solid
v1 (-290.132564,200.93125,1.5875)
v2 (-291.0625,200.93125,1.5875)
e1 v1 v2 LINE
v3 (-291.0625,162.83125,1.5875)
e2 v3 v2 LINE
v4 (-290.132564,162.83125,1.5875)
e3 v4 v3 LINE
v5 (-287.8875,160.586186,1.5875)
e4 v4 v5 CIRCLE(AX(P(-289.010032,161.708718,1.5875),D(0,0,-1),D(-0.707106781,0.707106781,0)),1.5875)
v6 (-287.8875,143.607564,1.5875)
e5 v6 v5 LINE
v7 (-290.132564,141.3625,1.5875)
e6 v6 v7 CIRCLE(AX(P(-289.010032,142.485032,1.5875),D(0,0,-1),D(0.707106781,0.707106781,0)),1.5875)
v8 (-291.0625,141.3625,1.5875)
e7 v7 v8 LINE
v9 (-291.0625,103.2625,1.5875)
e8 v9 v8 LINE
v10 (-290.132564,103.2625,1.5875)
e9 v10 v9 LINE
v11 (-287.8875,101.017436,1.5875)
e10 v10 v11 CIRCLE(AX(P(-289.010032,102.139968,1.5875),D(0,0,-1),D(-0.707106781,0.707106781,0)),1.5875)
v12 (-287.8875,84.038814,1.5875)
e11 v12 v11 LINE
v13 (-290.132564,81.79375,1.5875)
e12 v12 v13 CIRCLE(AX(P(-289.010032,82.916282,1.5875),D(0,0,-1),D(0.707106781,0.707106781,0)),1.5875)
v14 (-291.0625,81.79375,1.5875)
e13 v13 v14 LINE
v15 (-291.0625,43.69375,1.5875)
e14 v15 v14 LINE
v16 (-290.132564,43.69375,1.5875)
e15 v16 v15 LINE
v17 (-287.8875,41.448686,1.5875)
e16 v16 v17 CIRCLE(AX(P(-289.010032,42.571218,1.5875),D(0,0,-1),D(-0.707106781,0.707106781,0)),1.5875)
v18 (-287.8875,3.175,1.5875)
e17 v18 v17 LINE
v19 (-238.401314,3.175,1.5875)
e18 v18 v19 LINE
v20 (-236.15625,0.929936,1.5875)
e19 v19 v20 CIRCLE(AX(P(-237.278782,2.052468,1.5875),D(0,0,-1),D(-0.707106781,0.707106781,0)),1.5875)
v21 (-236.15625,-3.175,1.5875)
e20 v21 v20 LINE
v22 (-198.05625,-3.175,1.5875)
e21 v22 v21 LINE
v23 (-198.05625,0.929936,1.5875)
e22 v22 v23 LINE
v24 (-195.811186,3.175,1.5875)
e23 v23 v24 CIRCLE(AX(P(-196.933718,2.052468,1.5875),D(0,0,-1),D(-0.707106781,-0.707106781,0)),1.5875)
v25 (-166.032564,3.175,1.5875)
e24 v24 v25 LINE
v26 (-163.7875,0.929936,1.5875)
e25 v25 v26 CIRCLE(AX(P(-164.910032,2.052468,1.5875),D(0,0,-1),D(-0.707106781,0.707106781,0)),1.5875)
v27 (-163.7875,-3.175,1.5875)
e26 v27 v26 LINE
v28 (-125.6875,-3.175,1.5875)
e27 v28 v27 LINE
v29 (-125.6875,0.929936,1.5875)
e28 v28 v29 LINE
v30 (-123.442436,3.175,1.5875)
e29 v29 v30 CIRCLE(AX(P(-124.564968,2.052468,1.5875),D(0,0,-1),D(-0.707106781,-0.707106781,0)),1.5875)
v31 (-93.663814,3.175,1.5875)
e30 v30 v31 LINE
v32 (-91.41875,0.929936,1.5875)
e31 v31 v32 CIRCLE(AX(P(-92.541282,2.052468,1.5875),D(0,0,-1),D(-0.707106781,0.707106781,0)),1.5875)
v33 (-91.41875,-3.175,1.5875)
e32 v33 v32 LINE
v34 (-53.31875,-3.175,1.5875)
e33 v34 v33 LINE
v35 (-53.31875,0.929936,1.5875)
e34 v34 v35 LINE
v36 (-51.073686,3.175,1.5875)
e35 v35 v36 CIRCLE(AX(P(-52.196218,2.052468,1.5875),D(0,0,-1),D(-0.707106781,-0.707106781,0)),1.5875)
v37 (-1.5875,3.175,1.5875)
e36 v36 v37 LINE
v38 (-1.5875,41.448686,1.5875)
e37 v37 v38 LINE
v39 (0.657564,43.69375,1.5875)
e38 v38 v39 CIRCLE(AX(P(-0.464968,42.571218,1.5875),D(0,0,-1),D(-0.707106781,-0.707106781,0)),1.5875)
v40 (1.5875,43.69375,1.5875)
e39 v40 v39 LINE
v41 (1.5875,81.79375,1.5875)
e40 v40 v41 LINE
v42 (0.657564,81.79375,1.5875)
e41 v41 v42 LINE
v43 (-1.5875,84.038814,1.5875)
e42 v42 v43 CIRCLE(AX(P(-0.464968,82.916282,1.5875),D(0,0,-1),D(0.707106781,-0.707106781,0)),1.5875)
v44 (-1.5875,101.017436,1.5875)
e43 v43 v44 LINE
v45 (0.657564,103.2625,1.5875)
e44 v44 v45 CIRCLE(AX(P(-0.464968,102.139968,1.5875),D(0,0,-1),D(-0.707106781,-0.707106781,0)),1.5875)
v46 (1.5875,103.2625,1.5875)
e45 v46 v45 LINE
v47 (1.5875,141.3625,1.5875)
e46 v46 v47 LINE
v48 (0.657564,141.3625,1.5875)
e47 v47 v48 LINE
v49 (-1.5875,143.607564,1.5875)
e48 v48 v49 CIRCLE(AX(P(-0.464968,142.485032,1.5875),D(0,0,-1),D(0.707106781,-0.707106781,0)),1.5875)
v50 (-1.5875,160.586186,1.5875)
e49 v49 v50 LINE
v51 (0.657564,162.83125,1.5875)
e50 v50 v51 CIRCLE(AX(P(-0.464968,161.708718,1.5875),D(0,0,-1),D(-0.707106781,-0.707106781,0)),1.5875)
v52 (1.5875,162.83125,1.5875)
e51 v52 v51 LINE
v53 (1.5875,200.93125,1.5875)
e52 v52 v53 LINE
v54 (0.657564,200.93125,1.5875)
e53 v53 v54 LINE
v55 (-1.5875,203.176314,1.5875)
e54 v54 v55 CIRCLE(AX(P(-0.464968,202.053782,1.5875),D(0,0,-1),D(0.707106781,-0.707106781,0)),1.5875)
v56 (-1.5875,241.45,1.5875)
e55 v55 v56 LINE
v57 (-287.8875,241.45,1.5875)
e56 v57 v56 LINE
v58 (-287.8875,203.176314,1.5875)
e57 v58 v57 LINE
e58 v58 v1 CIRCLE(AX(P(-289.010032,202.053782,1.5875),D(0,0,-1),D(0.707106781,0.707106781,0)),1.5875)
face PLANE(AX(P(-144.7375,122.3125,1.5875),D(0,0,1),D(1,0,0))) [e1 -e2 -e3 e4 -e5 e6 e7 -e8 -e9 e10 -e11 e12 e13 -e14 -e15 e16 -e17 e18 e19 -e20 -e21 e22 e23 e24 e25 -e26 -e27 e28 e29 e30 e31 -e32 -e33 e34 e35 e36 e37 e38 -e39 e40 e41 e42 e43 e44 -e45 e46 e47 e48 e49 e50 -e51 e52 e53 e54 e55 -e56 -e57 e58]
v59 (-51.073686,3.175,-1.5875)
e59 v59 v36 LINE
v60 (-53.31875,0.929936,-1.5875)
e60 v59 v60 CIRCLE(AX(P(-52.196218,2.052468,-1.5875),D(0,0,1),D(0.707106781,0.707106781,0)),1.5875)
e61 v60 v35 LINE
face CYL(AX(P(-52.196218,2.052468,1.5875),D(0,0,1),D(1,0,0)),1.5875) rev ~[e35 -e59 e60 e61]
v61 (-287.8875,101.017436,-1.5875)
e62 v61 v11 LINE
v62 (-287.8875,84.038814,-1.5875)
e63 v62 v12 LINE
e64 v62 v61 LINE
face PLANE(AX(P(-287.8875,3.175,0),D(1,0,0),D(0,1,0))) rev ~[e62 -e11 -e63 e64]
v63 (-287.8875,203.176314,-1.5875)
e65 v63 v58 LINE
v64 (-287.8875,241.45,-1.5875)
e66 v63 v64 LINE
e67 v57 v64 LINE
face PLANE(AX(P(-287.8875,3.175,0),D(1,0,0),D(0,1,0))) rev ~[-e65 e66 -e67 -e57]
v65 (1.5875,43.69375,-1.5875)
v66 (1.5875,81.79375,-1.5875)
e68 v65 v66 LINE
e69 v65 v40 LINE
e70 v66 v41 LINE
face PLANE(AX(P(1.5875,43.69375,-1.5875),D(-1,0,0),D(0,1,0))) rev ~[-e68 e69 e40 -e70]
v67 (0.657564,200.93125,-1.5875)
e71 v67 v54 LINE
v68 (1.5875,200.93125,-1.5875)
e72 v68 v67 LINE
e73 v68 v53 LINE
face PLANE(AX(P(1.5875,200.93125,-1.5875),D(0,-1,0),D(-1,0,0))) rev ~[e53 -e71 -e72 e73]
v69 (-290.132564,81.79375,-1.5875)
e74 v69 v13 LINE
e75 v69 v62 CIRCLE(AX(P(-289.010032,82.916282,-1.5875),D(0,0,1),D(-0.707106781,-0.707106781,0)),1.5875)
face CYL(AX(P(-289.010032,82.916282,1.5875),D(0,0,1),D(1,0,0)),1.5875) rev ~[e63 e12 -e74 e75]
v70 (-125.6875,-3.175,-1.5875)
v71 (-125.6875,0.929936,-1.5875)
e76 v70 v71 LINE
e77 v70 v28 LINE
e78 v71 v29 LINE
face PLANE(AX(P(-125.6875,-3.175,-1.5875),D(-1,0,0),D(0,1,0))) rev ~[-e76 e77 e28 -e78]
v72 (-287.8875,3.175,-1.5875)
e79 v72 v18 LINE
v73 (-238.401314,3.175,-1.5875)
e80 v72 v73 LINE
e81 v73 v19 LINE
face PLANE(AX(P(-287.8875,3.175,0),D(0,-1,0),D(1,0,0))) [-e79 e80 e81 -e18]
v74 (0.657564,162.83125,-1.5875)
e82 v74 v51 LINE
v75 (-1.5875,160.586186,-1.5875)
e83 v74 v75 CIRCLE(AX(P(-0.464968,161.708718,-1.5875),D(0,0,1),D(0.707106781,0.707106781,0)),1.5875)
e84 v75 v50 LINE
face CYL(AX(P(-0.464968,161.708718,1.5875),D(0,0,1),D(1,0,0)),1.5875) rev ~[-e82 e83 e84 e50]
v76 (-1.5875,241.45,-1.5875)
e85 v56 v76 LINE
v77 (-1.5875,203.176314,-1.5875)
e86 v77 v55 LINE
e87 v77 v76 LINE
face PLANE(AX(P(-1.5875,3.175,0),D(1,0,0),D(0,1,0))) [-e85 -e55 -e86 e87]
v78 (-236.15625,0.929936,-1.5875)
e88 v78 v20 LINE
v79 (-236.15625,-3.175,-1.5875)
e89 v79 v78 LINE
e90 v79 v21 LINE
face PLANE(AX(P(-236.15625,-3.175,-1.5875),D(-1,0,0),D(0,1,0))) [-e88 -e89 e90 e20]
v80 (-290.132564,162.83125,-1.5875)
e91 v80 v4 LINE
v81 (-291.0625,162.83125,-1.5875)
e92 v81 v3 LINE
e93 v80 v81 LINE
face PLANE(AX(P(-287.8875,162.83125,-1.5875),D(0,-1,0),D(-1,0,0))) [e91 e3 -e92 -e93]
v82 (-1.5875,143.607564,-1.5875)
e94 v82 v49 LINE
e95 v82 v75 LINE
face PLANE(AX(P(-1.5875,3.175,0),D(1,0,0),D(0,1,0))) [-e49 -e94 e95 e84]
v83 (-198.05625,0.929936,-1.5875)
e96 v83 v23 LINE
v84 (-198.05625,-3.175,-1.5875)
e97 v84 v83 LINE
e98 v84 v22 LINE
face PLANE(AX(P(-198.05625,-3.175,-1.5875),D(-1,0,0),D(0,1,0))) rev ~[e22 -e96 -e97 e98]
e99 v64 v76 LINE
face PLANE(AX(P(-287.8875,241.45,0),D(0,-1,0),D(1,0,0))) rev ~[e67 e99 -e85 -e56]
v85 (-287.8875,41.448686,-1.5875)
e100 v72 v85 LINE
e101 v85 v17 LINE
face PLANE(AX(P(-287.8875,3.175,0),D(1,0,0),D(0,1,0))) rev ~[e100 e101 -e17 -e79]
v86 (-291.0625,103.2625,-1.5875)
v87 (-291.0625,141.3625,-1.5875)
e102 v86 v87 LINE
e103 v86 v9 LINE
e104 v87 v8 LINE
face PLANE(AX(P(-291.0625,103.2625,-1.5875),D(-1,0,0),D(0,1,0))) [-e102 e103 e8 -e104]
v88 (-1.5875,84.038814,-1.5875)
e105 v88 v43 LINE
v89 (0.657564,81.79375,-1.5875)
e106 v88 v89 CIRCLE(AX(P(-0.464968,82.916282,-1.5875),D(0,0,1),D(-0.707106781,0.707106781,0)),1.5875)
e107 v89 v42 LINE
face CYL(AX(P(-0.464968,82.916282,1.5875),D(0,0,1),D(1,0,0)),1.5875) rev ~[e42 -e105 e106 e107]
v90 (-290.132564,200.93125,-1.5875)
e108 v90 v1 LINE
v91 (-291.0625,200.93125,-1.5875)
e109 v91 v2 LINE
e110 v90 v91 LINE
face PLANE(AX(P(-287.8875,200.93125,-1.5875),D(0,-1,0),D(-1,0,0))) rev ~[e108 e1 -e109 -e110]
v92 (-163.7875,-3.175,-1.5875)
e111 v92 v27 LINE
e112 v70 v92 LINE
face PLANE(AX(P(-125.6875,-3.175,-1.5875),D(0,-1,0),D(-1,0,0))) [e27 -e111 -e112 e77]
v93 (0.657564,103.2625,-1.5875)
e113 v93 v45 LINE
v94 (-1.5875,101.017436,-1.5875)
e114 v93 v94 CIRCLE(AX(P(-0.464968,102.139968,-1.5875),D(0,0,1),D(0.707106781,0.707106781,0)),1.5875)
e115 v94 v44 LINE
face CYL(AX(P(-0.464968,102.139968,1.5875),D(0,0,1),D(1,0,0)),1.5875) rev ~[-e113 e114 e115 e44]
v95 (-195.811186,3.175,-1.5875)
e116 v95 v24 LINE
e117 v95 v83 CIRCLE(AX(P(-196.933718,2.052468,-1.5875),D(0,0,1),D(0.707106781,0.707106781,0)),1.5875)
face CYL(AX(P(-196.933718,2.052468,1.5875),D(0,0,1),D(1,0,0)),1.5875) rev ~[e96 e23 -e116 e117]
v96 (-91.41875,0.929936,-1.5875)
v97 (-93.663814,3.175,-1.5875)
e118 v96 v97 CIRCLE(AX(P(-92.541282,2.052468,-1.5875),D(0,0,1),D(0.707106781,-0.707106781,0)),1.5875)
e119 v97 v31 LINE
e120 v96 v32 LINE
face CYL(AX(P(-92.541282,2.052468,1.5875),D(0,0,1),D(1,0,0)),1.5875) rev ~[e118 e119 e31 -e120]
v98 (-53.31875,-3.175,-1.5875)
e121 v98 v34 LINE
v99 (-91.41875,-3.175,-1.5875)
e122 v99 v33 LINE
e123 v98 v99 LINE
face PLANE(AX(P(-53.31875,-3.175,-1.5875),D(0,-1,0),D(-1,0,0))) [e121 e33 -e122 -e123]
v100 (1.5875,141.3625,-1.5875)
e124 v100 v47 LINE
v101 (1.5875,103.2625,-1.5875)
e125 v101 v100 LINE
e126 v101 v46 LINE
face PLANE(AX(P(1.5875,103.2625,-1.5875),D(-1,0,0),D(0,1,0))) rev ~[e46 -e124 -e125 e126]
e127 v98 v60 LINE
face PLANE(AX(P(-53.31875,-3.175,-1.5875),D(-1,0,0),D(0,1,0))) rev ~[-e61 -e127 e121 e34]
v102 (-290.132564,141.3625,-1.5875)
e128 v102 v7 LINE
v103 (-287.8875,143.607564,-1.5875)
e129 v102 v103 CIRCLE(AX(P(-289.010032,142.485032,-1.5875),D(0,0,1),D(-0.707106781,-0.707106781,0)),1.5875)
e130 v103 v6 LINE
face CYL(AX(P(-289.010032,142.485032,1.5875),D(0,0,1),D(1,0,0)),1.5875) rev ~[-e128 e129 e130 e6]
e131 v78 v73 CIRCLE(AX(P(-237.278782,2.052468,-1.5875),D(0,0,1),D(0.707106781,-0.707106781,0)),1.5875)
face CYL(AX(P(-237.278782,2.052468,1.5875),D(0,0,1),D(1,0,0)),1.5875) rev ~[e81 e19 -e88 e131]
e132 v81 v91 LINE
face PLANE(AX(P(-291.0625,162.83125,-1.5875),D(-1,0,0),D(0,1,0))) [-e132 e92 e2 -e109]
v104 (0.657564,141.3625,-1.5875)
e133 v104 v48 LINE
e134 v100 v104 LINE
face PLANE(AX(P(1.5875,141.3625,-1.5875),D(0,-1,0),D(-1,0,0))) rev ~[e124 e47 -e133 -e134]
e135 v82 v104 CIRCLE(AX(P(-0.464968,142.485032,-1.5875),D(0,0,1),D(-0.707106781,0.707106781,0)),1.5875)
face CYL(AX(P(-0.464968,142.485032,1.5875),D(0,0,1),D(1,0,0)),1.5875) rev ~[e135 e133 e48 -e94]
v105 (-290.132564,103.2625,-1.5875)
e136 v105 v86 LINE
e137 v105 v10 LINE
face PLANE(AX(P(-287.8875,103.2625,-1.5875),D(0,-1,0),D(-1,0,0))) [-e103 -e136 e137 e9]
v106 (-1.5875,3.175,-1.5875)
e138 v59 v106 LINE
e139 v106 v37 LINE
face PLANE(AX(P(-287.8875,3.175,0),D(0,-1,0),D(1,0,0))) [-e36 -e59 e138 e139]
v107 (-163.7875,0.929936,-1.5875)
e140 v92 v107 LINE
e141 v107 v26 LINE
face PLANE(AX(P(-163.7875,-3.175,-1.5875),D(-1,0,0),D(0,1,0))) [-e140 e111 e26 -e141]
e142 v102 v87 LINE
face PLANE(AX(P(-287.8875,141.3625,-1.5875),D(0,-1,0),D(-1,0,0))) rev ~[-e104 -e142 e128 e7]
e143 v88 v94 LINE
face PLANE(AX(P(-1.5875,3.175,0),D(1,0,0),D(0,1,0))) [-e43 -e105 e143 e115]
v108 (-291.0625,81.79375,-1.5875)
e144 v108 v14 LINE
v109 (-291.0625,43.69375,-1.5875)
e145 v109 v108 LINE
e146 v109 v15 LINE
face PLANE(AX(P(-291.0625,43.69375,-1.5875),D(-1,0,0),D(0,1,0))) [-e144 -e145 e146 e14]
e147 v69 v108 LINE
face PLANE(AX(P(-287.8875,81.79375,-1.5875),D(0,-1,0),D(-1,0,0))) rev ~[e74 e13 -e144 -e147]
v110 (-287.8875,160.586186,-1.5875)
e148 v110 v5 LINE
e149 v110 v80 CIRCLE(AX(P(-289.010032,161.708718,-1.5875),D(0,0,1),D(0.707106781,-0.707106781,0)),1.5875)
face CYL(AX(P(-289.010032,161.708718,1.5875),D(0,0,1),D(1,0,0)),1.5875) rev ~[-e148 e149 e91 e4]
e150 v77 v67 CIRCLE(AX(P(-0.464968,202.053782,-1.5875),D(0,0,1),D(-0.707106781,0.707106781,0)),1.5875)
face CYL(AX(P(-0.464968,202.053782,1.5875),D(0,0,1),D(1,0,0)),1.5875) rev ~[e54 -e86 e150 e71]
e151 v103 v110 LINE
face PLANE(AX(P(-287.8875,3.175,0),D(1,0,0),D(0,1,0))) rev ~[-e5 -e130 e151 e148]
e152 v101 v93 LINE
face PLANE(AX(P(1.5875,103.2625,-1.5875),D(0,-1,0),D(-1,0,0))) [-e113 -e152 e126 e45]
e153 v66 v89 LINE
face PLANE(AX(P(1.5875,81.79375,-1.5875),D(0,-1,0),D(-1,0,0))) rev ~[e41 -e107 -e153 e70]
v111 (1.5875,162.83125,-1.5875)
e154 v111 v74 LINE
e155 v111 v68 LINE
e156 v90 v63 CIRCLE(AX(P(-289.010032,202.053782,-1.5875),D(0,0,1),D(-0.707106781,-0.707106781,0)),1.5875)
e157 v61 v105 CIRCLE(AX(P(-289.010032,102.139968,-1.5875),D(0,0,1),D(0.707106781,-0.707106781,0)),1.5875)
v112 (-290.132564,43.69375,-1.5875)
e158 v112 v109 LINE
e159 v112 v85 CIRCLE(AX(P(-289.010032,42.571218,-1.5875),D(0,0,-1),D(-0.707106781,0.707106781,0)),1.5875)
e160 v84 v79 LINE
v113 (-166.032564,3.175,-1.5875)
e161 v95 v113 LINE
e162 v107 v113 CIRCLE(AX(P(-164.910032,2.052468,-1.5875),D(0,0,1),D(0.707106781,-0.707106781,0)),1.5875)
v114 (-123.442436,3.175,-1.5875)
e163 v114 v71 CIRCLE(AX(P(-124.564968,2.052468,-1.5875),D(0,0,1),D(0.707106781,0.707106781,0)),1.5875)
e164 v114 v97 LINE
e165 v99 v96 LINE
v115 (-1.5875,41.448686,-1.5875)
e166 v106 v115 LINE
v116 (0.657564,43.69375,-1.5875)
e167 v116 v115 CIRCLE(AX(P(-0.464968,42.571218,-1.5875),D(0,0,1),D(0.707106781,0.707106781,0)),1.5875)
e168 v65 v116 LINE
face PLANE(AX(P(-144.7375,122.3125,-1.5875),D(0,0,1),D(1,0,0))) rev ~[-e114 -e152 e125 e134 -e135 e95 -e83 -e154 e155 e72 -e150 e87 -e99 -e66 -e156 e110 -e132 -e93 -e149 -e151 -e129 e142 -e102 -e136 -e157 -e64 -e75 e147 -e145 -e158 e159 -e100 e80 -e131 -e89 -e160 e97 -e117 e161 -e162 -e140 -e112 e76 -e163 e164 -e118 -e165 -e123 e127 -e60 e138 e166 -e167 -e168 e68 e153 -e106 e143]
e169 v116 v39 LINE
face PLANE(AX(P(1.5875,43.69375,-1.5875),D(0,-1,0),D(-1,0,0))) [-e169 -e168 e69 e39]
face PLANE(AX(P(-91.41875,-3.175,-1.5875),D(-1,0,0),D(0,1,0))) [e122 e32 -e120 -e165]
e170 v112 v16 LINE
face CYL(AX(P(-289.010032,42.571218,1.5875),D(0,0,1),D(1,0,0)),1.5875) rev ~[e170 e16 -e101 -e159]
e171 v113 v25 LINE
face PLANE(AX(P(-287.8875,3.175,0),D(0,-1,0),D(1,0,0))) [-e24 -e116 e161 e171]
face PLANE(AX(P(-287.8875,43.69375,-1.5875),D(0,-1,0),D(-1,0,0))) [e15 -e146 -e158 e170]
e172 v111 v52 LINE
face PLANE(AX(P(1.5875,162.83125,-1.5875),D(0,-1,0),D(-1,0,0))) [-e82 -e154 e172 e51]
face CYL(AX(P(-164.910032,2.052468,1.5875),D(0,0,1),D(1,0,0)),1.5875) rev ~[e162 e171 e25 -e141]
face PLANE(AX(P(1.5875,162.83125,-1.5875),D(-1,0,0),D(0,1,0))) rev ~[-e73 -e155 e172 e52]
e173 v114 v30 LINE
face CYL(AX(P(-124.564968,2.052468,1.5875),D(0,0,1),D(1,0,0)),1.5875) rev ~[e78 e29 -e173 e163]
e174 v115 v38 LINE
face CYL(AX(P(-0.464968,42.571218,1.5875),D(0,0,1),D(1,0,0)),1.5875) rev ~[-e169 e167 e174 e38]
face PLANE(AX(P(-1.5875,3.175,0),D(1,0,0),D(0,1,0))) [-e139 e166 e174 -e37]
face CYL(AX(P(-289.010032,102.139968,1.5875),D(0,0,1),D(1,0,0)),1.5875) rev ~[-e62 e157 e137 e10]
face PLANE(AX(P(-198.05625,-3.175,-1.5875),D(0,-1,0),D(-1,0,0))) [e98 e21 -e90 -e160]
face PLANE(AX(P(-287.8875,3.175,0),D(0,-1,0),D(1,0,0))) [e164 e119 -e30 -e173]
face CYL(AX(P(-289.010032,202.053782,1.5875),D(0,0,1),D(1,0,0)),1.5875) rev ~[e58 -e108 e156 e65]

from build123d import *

# Parameters (mm, degrees)
SKETCH2_W               = 286.300000032
SKETCH2_H               = 238.275
BOSS_EXTRUDE1_DEPTH     = 1.5875
SKETCH4_W               = 3.175
SKETCH4_H               = 38.1
SKETCH4_W_2             = 38.1
SKETCH4_H_2             = 6.35
WELD_TABS_EXTRUDE_DEPTH = 3.175
SKETCH5_R               = 1.5875
CUT_EXTRUDE1_DEPTH      = 3.175


with BuildPart() as part:
    # Sketch2 → Boss-Extrude1 (new body, symmetric)
    with BuildSketch(Plane.XY):
        with Locations((-144.737500016, 122.3125)):
            Rectangle(SKETCH2_W, SKETCH2_H)
    extrude(amount=BOSS_EXTRUDE1_DEPTH, both=True)

    # Sketch4 → Weld Tabs Extrude (add)
    with BuildSketch(Plane(origin=(0, 0, -1.5875), x_dir=(-1, 0, 0), z_dir=(0, 0, -1))):
        with Locations((0, 181.88125)):
            Rectangle(SKETCH4_W, SKETCH4_H)
        with Locations((0, 122.3125)):
            Rectangle(SKETCH4_W, SKETCH4_H)
        with Locations((0, 62.74375)):
            Rectangle(SKETCH4_W, SKETCH4_H)
        with Locations((72.368750008, 0)):
            Rectangle(SKETCH4_W_2, SKETCH4_H_2)
        with Locations((144.737500016, 0)):
            Rectangle(SKETCH4_W_2, SKETCH4_H_2)
        with Locations((217.106250024, 0)):
            Rectangle(SKETCH4_W_2, SKETCH4_H_2)
        with Locations((289.475000032, 181.88125)):
            Rectangle(SKETCH4_W, SKETCH4_H)
        with Locations((289.475000032, 122.3125)):
            Rectangle(SKETCH4_W, SKETCH4_H)
        with Locations((289.475000032, 62.74375)):
            Rectangle(SKETCH4_W, SKETCH4_H)
    extrude(amount=-WELD_TABS_EXTRUDE_DEPTH)

    # Sketch5 → Cut-Extrude1 (cut)
    with BuildSketch(Plane.XY.offset(1.5875)):
        with Locations((-0.464967985, 202.053782015)):
            Circle(SKETCH5_R)
        with Locations((-0.464967985, 142.485032015)):
            Circle(SKETCH5_R)
        with Locations((-0.464967985, 82.916282015)):
            Circle(SKETCH5_R)
        with Locations((-0.464967985, 161.708717985)):
            Circle(SKETCH5_R)
        with Locations((-0.464967985, 102.139967985)):
            Circle(SKETCH5_R)
        with Locations((-0.464967985, 42.571217985)):
            Circle(SKETCH5_R)
        with Locations((-289.010032047, 42.571217985)):
            Circle(SKETCH5_R)
        with Locations((-289.010032047, 82.916282015)):
            Circle(SKETCH5_R)
        with Locations((-289.010032047, 102.139967985)):
            Circle(SKETCH5_R)
        with Locations((-289.010032047, 142.485032015)):
            Circle(SKETCH5_R)
        with Locations((-289.010032047, 161.708717985)):
            Circle(SKETCH5_R)
        with Locations((-289.010032047, 202.053782015)):
            Circle(SKETCH5_R)
        with Locations((-52.196217993, 2.052467985)):
            Circle(SKETCH5_R)
        with Locations((-92.541282023, 2.052467985)):
            Circle(SKETCH5_R)
        with Locations((-124.564968001, 2.052467985)):
            Circle(SKETCH5_R)
        with Locations((-237.278782039, 2.052467985)):
            Circle(SKETCH5_R)
        with Locations((-196.933718009, 2.052467985)):
            Circle(SKETCH5_R)
        with Locations((-164.910032031, 2.052467985)):
            Circle(SKETCH5_R)
    extrude(amount=-CUT_EXTRUDE1_DEPTH, mode=Mode.SUBTRACT)


solid = part.part
